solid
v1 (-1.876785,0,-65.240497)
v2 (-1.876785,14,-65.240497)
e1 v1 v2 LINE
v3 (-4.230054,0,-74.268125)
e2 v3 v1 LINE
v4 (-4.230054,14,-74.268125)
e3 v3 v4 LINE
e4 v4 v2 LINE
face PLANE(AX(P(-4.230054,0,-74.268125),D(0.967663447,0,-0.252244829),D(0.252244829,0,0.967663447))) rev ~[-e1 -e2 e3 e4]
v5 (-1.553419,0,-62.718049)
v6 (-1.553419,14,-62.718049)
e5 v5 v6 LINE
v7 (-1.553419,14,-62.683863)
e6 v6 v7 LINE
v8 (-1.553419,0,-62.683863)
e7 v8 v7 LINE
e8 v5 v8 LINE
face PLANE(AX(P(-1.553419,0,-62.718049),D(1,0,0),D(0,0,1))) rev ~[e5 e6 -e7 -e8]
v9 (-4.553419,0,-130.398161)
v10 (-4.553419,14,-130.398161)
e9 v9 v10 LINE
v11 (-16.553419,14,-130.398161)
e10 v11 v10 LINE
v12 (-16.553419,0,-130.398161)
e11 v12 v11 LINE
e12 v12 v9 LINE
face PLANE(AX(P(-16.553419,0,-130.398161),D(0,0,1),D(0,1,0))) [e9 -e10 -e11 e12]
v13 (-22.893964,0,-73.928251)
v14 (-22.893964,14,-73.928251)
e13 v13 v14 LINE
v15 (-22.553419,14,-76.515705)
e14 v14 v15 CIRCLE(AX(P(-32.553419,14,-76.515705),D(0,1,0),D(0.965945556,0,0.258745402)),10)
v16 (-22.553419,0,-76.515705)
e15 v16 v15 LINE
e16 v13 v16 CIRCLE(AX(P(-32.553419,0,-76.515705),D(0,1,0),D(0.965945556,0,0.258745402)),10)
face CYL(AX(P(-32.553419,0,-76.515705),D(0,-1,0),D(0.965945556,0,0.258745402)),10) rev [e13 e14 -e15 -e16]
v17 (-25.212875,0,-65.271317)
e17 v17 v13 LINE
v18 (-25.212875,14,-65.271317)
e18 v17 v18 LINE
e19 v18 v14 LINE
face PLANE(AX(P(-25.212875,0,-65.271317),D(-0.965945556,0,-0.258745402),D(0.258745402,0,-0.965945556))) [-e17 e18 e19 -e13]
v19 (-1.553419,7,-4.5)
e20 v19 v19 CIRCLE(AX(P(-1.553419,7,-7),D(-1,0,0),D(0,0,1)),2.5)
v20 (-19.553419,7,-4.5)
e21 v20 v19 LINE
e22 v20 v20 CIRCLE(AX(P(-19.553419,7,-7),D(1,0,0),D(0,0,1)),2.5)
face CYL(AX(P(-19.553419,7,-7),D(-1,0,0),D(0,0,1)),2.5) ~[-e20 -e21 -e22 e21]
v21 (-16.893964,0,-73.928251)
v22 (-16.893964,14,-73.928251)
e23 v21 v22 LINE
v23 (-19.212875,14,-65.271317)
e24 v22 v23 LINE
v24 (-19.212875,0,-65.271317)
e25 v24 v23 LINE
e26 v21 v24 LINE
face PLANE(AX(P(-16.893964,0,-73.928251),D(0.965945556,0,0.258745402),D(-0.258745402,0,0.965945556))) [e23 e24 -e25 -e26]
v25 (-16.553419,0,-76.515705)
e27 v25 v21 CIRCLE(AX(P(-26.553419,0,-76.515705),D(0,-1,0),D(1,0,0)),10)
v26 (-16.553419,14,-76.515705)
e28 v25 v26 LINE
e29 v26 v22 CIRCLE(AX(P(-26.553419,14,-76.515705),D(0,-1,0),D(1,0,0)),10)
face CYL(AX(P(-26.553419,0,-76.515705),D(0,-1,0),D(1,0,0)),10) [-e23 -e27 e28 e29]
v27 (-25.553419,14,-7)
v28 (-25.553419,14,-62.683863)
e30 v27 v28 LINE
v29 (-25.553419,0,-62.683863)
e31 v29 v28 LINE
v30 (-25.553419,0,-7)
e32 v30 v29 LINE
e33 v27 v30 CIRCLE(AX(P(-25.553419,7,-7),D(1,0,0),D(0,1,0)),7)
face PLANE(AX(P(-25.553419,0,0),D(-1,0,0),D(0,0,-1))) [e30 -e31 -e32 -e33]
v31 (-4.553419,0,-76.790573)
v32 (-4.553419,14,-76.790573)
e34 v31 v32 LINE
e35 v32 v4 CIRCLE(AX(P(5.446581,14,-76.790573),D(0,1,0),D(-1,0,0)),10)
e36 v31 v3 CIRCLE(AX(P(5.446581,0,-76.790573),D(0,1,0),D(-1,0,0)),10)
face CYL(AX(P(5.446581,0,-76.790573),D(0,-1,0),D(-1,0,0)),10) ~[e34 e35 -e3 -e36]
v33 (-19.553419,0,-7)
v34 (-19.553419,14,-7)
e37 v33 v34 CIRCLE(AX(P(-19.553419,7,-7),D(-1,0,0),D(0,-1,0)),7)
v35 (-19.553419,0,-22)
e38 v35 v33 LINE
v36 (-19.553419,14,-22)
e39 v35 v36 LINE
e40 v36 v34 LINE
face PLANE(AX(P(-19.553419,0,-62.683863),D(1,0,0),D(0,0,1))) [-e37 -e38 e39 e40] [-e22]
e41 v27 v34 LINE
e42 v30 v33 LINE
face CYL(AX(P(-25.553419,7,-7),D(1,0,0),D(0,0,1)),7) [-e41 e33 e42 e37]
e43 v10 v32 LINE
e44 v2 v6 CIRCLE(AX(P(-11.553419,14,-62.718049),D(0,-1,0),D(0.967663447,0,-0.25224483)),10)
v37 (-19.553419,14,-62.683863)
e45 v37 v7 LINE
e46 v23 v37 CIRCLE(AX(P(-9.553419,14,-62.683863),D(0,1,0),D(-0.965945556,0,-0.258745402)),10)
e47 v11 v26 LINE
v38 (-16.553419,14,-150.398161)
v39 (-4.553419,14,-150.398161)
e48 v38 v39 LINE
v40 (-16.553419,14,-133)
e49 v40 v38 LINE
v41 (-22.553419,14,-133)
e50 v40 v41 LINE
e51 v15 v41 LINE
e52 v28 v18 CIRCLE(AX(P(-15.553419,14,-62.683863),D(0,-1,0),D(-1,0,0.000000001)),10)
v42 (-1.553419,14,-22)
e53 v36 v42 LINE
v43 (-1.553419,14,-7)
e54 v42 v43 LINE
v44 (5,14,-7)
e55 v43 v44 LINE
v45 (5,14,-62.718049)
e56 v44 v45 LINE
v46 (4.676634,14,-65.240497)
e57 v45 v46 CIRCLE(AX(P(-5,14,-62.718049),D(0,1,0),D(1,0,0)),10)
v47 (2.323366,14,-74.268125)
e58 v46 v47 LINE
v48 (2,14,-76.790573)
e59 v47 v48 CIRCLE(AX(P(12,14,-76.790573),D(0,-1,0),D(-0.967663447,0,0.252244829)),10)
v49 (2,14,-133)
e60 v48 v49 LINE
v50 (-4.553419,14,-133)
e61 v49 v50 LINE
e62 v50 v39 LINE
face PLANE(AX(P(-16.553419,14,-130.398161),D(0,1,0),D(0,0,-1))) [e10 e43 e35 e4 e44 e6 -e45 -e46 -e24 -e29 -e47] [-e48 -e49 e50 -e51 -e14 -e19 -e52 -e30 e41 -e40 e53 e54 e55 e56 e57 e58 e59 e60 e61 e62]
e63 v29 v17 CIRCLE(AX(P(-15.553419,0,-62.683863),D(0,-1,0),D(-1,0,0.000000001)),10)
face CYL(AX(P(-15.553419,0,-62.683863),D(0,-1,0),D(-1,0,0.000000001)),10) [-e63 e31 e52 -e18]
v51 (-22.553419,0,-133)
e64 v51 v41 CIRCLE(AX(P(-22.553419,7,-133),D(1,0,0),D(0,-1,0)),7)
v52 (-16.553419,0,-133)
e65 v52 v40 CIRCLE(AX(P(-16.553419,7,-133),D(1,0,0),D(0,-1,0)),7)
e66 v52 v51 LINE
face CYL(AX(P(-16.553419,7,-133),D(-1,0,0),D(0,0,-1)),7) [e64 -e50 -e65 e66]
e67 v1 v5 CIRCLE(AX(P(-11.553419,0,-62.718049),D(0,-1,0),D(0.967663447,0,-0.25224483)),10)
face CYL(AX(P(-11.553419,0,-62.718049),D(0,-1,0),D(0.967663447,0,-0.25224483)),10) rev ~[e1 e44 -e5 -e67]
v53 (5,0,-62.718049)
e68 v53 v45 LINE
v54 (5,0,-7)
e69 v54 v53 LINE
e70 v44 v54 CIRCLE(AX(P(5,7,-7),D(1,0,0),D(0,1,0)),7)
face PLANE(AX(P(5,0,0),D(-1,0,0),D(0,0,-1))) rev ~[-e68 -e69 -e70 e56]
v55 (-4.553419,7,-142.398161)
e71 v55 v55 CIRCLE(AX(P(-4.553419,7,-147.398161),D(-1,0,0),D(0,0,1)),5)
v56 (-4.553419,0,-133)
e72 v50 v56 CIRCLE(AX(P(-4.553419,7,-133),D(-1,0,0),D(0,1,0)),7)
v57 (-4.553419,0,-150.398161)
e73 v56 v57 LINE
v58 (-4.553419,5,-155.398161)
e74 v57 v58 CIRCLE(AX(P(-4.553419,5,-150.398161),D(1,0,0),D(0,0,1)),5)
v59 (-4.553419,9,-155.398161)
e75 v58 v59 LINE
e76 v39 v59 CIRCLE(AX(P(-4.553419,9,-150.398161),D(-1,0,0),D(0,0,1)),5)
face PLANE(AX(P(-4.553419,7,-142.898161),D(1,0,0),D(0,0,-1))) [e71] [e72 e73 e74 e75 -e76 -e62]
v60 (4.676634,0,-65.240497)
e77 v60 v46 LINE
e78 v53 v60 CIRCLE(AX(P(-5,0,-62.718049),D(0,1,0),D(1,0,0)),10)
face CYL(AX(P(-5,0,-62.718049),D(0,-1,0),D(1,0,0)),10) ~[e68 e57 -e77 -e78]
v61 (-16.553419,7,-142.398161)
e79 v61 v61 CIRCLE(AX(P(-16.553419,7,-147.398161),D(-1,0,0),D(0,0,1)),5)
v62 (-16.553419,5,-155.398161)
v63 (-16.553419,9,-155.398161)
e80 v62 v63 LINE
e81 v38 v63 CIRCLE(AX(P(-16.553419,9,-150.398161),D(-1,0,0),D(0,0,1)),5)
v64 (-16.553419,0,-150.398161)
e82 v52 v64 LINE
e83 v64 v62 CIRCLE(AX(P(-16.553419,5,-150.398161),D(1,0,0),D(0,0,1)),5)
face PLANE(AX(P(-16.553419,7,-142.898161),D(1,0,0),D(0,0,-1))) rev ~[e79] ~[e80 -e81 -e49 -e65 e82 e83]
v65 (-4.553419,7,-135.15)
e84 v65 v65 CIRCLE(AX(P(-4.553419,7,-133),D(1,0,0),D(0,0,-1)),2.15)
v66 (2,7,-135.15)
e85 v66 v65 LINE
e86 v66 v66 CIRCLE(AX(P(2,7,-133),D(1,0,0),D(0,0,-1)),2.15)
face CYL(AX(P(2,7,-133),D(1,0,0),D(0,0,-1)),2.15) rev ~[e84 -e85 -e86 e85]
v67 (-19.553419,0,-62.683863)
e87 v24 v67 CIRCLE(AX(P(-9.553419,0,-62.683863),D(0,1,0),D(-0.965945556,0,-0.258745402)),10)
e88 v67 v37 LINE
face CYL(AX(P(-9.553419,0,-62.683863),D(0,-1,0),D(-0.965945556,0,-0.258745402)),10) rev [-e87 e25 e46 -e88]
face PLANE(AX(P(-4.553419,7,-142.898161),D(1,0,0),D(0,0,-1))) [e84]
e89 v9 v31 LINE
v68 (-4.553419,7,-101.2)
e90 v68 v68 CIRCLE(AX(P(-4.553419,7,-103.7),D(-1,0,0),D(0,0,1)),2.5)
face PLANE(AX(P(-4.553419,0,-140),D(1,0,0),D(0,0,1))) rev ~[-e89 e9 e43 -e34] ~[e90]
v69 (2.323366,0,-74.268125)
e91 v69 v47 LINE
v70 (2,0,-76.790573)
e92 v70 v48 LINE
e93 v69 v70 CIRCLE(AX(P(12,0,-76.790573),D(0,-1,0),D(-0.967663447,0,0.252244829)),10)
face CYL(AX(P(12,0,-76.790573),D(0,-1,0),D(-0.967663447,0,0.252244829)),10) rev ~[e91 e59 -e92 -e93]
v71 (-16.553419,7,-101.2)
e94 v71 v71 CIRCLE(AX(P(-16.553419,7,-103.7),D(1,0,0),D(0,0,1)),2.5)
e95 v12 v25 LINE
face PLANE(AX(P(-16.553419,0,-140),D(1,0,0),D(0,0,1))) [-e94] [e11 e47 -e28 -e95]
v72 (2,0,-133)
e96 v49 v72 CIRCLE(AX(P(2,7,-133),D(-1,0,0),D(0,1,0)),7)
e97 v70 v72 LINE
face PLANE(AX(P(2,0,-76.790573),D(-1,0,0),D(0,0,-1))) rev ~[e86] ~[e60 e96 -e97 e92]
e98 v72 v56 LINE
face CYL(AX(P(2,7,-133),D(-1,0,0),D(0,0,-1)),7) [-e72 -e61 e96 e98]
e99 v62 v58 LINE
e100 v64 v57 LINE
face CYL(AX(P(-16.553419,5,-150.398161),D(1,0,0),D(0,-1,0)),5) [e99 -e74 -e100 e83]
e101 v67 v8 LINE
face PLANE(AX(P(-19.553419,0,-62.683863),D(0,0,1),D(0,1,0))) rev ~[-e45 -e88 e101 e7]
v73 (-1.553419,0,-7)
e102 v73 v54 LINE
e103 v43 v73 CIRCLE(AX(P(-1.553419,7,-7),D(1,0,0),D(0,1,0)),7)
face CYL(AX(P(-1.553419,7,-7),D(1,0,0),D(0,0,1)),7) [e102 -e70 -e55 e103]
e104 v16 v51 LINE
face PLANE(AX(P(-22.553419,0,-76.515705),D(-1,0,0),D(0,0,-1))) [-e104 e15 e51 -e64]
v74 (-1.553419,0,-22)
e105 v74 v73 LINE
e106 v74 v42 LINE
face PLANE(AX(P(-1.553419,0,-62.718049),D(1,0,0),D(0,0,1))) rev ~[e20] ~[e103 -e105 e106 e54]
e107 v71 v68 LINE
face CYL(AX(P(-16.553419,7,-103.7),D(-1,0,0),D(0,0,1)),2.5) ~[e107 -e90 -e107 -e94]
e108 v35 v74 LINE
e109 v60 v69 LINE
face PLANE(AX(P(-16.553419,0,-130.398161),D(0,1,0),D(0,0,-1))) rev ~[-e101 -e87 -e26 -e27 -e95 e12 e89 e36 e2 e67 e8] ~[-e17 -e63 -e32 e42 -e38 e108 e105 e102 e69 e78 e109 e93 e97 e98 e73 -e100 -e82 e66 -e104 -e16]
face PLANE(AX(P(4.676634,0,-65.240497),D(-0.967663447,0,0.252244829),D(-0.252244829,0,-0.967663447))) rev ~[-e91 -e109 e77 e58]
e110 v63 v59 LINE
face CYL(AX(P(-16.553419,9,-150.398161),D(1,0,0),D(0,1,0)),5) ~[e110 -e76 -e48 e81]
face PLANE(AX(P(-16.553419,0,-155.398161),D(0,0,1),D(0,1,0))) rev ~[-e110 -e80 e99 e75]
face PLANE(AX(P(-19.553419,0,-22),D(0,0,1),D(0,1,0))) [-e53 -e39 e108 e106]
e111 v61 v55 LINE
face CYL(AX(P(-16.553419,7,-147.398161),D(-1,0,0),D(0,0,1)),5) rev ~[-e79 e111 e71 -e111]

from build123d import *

# Parameters (mm, degrees)
EXTRUDE_2_DEPTH     = 14
FILLET_1_RADIUS     = 7
FILLET_1_LENGTH     = 6.553419282
FILLET_2_RADIUS     = 7
FILLET_2_LENGTH     = 6.553419282
CUT_EXTRUDE_1_REACH = 142.851
SKETCH_2_R          = 2.15
EXTRUDE_3_DEPTH     = 14
FILLET_3_RADIUS     = 7
FILLET_3_LENGTH     = 6
FILLET_4_RADIUS     = 7
FILLET_4_LENGTH     = 6
EXTRUDE_5_REACH     = 144.825
SKETCH_8_R          = 2.5
SKETCH_8_W          = 40.683862831
SKETCH_8_H          = 14
EXTRUDE_6_REACH     = 144.34
SKETCH_11_R         = 2.5
SKETCH_12_W         = 25
SKETCH_12_H         = 14
EXTRUDE_7_DEPTH     = 12
SKETCH_13_R         = 5
CUT_EXTRUDE_2_DEPTH = 12
FILLET_5_R          = 5


with BuildPart() as part:
    # 草图1 → 凸台-拉伸2 (new body)
    with BuildSketch(Plane(origin=(0, 0, 0), x_dir=(1, 0, 0), z_dir=(0, 1, 0))):
        with BuildLine():
            Line((5, 0), (5, 62.718048915))
            ThreePointArc((5, 62.718048915), (4.918829182, 63.989594298), (4.676634468, 65.240497206))
            Line((4.676634468, 65.240497206), (2.323365532, 74.268124597))
            ThreePointArc((2.323365532, 74.268124597), (2.081170818, 75.519027505), (2, 76.790572889))
            Line((2, 76.790572889), (2, 140))
            Line((2, 140), (-4.553419282, 140))
            Line((-4.553419282, 140), (-4.553419282, 76.790572889))
            ThreePointArc((-4.553419282, 76.790572889), (-4.472248464, 75.519027505), (-4.23005375, 74.268124597))
            Line((-4.23005375, 74.268124597), (-1.876784815, 65.240497206))
            ThreePointArc((-1.876784815, 65.240497206), (-1.6345901, 63.989594298), (-1.553419282, 62.718048915))
            Line((-1.553419282, 62.718048915), (-1.553419282, 0))
            Line((-1.553419282, 0), (5, 0))
        make_face()
    extrude(amount=EXTRUDE_2_DEPTH)

    # 圆角1: full round fillet: the end face becomes a half cylinder, R = half its width
    fillet_1_face = Plane((1.723290359, 7, 0), x_dir=(1, 0, 0), z_dir=(0, 0, 1))  # on the end face: x along it, z out of the body
    fillet_1_slab = fillet_1_face.offset(-FILLET_1_RADIUS / 2) * Box(FILLET_1_LENGTH, 2 * FILLET_1_RADIUS, FILLET_1_RADIUS, mode=Mode.PRIVATE)  # the body's end, R deep
    fillet_1_round = Plane((1.723290359, 7, -7), x_dir=(0, 0, 1), z_dir=(1, 0, 0)) * Cylinder(FILLET_1_RADIUS, FILLET_1_LENGTH, mode=Mode.PRIVATE)  # its axis R under the face
    add(fillet_1_slab - fillet_1_round, mode=Mode.SUBTRACT)

    # 圆角2: full round fillet: the end face becomes a half cylinder, R = half its width
    fillet_2_face = Plane((-1.276709641, 7, -140), x_dir=(-1, 0, 0), z_dir=(0, 0, -1))  # on the end face: x along it, z out of the body
    fillet_2_slab = fillet_2_face.offset(-FILLET_2_RADIUS / 2) * Box(FILLET_2_LENGTH, 2 * FILLET_2_RADIUS, FILLET_2_RADIUS, mode=Mode.PRIVATE)  # the body's end, R deep
    fillet_2_round = Plane((-1.276709641, 7, -133), x_dir=(0, 0, -1), z_dir=(-1, 0, 0)) * Cylinder(FILLET_2_RADIUS, FILLET_2_LENGTH, mode=Mode.PRIVATE)  # its axis R under the face
    add(fillet_2_slab - fillet_2_round, mode=Mode.SUBTRACT)

    # 草图2 → 切除-拉伸1 (cut, up to next)
    with BuildSketch(Plane(origin=(2, 0, 0), x_dir=(0, 0, -1), z_dir=(1, 0, 0)), mode=Mode.PRIVATE) as cut_extrude_1_sk1:
        with Locations((133, 7)):
            Circle(SKETCH_2_R)
    cut_extrude_1_tool1 = extrude(cut_extrude_1_sk1.sketch, amount=-CUT_EXTRUDE_1_REACH, mode=Mode.PRIVATE) & part.part
    add(cut_extrude_1_tool1.solids().sort_by_distance((2, 7, -133))[0], mode=Mode.SUBTRACT)

    # 草图8 → 凸台-拉伸5 (add, up to next)
    with BuildSketch(Plane(origin=(-19.553419282, 0, 0), x_dir=(0, 0, -1), z_dir=(1, 0, 0)), mode=Mode.PRIVATE) as extrude_5_sk1:
        with Locations(Location((7, 7, 0), (0, 0, 180))):
            Circle(SKETCH_8_R)
    extrude_5_tool1 = extrude(extrude_5_sk1.sketch, amount=EXTRUDE_5_REACH, mode=Mode.PRIVATE) - part.part
    # 草图8 → 凸台-拉伸5 (add, up to next)
    with BuildSketch(Plane(origin=(-19.553419282, 0, 0), x_dir=(0, 0, -1), z_dir=(1, 0, 0)), mode=Mode.PRIVATE) as extrude_5_sk2:
        with Locations((42.341931415, 7)):
            Rectangle(SKETCH_8_W, SKETCH_8_H)
    extrude_5_tool2 = extrude(extrude_5_sk2.sketch, amount=EXTRUDE_5_REACH, mode=Mode.PRIVATE) - part.part


with BuildPart() as body_2:
    # 草图4 → 凸台-拉伸3 (new body)
    with BuildSketch(Plane(origin=(0, 0, 0), x_dir=(1, 0, 0), z_dir=(0, 1, 0))):
        with BuildLine():
            Line((-19.553419282, 0), (-25.553419282, 0))
            Line((-25.553419282, 0), (-25.553419282, 62.683862831))
            ThreePointArc((-25.553419282, 62.683862831), (-25.467917646, 63.988746812), (-25.212874842, 65.271316849))
            Line((-25.212874842, 65.271316849), (-22.893963723, 73.928250938))
            ThreePointArc((-22.893963723, 73.928250938), (-22.638920919, 75.210820976), (-22.553419282, 76.515704957))
            Line((-22.553419282, 76.515704957), (-22.553419282, 140))
            Line((-22.553419282, 140), (-16.553419282, 140))
            Line((-16.553419282, 140), (-16.553419282, 76.515704957))
            ThreePointArc((-16.553419282, 76.515704957), (-16.638920919, 75.210820976), (-16.893963723, 73.928250938))
            Line((-16.893963723, 73.928250938), (-19.212874842, 65.271316849))
            ThreePointArc((-19.212874842, 65.271316849), (-19.467917646, 63.988746812), (-19.553419282, 62.683862831))
            Line((-19.553419282, 62.683862831), (-19.553419282, 0))
        make_face()
    extrude(amount=EXTRUDE_3_DEPTH)

    # 圆角3: full round fillet: the end face becomes a half cylinder, R = half its width
    fillet_3_face = Plane((-19.553419282, 7, -140), x_dir=(-1, 0, 0), z_dir=(0, 0, -1))  # on the end face: x along it, z out of the body
    fillet_3_slab = fillet_3_face.offset(-FILLET_3_RADIUS / 2) * Box(FILLET_3_LENGTH, 2 * FILLET_3_RADIUS, FILLET_3_RADIUS, mode=Mode.PRIVATE)  # the body's end, R deep
    fillet_3_round = Plane((-19.553419282, 7, -133), x_dir=(0, 0, -1), z_dir=(-1, 0, 0)) * Cylinder(FILLET_3_RADIUS, FILLET_3_LENGTH, mode=Mode.PRIVATE)  # its axis R under the face
    add(fillet_3_slab - fillet_3_round, mode=Mode.SUBTRACT)

    # 圆角4: full round fillet: the end face becomes a half cylinder, R = half its width
    fillet_4_face = Plane((-22.553419282, 7, 0), x_dir=(1, 0, 0), z_dir=(0, 0, 1))  # on the end face: x along it, z out of the body
    fillet_4_slab = fillet_4_face.offset(-FILLET_4_RADIUS / 2) * Box(FILLET_4_LENGTH, 2 * FILLET_4_RADIUS, FILLET_4_RADIUS, mode=Mode.PRIVATE)  # the body's end, R deep
    fillet_4_round = Plane((-22.553419282, 7, -7), x_dir=(0, 0, 1), z_dir=(1, 0, 0)) * Cylinder(FILLET_4_RADIUS, FILLET_4_LENGTH, mode=Mode.PRIVATE)  # its axis R under the face
    add(fillet_4_slab - fillet_4_round, mode=Mode.SUBTRACT)


with BuildPart() as part_1:
    add(part.part)

    add(body_2.part)  # 凸台-拉伸5 merges body 2
    add(extrude_5_tool1.solids().sort_by_distance((-19.553419, 7, -7))[0])
    add(extrude_5_tool2.solids().sort_by_distance((-19.553419, 7, -42.341931))[0])

    # 草图11 → 凸台-拉伸6 (add, up to next)
    with BuildSketch(Plane(origin=(-16.553419282, 0, 0), x_dir=(0, 0, -1), z_dir=(1, 0, 0)), mode=Mode.PRIVATE) as extrude_6_sk1:
        with Locations(Location((103.7, 7, 0), (0, 0, 180))):
            Circle(SKETCH_11_R)
    extrude_6_tool1 = extrude(extrude_6_sk1.sketch, amount=EXTRUDE_6_REACH, mode=Mode.PRIVATE) - part_1.part
    add(extrude_6_tool1.solids().sort_by_distance((-16.553419, 7, -103.7))[0])

    # 草图12 → 凸台-拉伸7 (add)
    with BuildSketch(Plane(origin=(-16.553419282, 0, 0), x_dir=(0, 0, -1), z_dir=(1, 0, 0))):
        with Locations((142.898160933, 7)):
            Rectangle(SKETCH_12_W, SKETCH_12_H)
    extrude(amount=EXTRUDE_7_DEPTH)

    # 草图13 → 切除-拉伸2 (cut)
    with BuildSketch(Plane.ZY.offset(16.553419282)):
        with Locations((-147.398160933, 7)):
            Circle(SKETCH_13_R)
    extrude(amount=-CUT_EXTRUDE_2_DEPTH, mode=Mode.SUBTRACT)

    # 圆角5
    fillet_5_edges = [part_1.edges().sort_by_distance(p)[0] for p in [
        (-10.553419282, 0, -155.398160933),
        (-10.553419282, 14, -155.398160933),
    ]]
    fillet(fillet_5_edges, radius=FILLET_5_R)


solid = part_1.part
